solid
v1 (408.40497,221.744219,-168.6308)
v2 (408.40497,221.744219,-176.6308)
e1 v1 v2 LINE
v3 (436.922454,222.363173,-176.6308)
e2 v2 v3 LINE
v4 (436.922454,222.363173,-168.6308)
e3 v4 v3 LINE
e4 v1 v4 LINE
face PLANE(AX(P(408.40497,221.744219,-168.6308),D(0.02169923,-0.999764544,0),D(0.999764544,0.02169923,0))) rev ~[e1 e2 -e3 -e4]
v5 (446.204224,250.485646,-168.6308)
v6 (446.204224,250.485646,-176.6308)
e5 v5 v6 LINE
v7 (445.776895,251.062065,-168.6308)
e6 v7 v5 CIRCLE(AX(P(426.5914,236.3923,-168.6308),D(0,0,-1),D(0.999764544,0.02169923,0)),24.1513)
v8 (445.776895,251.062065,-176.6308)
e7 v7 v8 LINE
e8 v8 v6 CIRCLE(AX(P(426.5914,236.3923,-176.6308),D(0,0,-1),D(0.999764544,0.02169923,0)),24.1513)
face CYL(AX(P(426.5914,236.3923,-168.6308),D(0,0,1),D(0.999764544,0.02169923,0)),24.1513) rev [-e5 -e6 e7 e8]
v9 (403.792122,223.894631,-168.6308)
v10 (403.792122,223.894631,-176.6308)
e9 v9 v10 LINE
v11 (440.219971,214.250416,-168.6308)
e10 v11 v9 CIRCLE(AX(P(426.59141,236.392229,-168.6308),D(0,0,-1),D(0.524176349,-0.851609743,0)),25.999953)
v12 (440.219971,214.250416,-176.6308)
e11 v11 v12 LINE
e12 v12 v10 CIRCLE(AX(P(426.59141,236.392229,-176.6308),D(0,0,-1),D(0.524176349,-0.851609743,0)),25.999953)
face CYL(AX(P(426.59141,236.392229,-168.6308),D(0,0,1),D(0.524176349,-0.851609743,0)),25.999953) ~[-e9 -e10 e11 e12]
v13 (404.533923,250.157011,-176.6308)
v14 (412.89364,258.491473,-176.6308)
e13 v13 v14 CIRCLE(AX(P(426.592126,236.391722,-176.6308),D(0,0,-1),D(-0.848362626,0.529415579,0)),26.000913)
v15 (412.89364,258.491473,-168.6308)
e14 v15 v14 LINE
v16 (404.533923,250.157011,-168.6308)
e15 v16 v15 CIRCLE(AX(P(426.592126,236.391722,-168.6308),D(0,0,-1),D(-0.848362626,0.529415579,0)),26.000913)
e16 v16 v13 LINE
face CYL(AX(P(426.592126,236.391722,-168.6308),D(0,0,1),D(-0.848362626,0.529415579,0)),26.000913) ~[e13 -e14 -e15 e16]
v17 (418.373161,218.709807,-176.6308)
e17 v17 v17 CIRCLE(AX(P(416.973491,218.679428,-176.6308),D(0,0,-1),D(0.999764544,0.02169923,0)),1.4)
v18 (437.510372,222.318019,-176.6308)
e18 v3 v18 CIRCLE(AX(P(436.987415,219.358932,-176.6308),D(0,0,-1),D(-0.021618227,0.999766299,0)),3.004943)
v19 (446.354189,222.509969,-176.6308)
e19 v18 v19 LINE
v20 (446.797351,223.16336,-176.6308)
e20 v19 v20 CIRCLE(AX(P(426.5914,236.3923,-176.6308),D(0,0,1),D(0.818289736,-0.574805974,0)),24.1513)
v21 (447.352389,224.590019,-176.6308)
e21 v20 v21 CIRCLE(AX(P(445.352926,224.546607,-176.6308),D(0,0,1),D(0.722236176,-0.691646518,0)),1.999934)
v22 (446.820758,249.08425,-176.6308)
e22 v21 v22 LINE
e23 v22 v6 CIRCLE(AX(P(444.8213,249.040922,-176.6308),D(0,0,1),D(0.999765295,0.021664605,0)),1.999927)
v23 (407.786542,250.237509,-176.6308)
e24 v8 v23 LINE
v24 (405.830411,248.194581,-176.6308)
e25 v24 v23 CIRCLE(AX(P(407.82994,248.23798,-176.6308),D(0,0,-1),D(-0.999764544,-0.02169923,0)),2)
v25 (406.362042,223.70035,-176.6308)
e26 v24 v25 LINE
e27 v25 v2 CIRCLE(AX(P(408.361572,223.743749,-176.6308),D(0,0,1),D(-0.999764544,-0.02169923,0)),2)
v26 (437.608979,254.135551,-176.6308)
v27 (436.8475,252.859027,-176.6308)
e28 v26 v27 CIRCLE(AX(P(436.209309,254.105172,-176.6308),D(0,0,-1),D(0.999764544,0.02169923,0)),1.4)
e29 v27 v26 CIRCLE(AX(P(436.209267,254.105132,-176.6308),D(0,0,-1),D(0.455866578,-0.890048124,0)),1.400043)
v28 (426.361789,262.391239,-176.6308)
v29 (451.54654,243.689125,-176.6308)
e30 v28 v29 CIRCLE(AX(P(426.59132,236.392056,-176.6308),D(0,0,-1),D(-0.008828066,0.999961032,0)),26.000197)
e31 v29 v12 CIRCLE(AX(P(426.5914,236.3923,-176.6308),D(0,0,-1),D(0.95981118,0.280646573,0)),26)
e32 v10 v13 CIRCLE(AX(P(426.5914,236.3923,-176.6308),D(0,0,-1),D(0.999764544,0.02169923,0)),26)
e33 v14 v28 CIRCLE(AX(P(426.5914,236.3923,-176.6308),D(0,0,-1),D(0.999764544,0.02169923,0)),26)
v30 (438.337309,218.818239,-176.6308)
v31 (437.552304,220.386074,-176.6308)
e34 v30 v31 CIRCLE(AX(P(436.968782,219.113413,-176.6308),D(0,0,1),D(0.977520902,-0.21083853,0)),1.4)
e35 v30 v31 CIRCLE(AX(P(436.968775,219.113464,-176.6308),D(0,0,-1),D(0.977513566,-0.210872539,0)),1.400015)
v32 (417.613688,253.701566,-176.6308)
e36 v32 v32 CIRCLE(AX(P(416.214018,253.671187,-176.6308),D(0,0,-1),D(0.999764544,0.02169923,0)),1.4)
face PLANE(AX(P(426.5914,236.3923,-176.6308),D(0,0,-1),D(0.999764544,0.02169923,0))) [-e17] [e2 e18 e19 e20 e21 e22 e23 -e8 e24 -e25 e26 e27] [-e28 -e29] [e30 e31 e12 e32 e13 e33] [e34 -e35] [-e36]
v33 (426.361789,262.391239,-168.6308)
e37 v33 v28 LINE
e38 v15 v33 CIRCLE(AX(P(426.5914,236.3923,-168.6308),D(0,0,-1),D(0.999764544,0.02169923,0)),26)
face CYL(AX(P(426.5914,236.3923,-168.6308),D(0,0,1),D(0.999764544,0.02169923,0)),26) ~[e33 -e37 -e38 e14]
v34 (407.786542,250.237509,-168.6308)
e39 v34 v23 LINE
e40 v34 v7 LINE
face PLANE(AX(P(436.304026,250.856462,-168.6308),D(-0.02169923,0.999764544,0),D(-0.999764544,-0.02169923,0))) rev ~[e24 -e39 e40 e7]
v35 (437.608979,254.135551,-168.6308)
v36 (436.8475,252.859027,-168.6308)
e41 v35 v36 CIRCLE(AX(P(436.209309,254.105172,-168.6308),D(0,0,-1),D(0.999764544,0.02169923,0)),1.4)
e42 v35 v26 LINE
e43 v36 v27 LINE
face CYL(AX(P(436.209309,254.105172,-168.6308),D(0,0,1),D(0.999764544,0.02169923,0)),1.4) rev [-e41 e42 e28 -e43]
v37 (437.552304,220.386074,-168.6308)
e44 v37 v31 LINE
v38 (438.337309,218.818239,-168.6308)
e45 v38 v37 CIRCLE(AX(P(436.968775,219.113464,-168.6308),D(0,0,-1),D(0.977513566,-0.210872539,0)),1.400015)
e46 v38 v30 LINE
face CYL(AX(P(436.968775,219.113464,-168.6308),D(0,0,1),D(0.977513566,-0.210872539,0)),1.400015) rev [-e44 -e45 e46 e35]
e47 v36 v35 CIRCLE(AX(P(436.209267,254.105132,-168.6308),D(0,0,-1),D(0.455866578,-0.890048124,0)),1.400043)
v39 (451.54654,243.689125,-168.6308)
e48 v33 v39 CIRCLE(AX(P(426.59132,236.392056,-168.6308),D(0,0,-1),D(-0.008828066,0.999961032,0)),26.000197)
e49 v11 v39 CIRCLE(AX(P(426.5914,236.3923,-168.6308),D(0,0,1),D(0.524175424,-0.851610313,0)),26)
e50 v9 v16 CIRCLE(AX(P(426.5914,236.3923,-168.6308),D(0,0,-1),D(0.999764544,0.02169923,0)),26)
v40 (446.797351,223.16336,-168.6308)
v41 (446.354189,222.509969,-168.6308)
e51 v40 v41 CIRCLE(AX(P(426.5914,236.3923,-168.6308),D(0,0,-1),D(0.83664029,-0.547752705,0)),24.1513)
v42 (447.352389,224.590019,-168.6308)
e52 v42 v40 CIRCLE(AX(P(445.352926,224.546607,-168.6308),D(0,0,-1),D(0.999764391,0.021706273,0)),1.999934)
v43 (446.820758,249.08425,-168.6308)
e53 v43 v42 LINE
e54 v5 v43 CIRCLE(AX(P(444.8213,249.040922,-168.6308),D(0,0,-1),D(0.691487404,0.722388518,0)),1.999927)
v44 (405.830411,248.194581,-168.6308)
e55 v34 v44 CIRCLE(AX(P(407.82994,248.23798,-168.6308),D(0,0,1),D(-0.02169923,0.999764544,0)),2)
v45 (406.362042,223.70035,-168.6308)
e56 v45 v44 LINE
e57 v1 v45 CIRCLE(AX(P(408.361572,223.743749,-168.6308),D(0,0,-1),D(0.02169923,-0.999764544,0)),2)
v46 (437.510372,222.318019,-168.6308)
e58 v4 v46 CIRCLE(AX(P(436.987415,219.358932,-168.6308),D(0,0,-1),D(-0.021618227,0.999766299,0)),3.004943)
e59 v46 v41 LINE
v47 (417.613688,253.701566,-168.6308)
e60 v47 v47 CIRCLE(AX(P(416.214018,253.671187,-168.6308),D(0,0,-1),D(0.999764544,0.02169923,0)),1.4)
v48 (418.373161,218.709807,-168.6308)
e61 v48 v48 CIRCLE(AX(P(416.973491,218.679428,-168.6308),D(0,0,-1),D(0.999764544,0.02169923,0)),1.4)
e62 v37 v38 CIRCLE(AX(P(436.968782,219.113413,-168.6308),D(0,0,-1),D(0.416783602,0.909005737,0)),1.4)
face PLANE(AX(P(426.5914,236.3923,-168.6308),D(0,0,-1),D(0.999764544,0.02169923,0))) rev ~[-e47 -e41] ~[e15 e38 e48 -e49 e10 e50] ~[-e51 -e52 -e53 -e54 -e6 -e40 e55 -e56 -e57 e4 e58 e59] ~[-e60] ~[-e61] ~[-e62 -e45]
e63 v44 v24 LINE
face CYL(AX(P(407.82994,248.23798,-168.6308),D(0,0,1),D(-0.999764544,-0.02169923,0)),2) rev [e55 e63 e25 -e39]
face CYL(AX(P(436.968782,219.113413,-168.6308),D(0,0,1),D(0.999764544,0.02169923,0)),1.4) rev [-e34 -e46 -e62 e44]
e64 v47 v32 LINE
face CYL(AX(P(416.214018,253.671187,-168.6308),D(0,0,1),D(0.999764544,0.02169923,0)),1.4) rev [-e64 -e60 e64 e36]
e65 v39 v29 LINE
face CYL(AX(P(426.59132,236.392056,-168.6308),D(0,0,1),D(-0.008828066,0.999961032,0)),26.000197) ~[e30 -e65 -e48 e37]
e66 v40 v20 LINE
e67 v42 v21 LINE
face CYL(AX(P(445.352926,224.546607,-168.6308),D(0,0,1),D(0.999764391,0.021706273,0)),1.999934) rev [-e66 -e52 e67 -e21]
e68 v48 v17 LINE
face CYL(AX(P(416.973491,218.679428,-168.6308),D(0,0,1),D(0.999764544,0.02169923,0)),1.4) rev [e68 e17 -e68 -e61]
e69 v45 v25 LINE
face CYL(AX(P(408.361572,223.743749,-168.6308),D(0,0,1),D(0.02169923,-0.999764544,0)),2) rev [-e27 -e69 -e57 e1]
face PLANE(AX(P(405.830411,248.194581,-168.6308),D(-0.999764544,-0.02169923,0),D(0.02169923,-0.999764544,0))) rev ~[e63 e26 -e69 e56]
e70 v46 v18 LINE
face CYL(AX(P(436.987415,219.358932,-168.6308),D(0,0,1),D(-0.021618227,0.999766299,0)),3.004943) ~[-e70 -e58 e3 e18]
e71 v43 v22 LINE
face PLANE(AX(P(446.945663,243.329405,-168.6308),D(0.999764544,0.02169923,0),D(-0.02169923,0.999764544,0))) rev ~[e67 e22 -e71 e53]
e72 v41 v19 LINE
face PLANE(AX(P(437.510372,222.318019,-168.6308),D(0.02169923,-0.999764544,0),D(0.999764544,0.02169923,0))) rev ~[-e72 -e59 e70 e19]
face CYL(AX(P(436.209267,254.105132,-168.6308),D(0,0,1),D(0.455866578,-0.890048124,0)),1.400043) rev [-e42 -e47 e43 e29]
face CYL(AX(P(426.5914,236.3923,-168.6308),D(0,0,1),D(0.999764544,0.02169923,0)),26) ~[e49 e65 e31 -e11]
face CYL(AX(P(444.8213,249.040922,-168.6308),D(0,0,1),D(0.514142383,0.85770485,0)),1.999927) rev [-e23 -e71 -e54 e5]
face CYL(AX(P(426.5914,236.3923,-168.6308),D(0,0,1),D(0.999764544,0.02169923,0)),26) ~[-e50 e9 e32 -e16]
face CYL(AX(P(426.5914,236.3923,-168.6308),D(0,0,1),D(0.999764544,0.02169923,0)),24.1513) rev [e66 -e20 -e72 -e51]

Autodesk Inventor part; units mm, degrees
ref_plane "YZ Plane" through (0, 0, 0) normal (1, 0, 0) x (0, 1, 0)
ref_plane "XZ Plane" through (0, 0, 0) normal (0, 1, 0) x (-1, 0, 0)
ref_plane "XY Plane" through (0, 0, 0) normal (0, 0, 1) x (1, 0, 0)
ref_plane "Arbeitsebene1" through (426.5914, 236.3923, -168.6308) normal (0, 0, -1) x (0.9998, 0.0217, 0)
sketch "Skizze1" plane through (426.5914, 236.3923, -168.6308) normal (0, 0, -1) x (0.9998, 0.0217, 0)
  circle A0 centre (-10, -17.5) radius 1.4 projected
  arc A1 (-22.2323, -12) -> (-21.7536, -14.2401) centre (-19.0971, -12.5012) ccw projected
  arc A2 (-21.7536, -14.2401) -> (-13.215, -22.3912) centre (0, 0) ccw projected
  arc A3 (-13.215, -22.3912) -> (-8.8966, -21.32) centre (-11.6012, -19.6569) ccw projected
  arc A4 (-2.8797, -22.9216) -> (-8.8966, -21.32) centre (-6.1282, -23.0224) ccw projected
  arc A5 (-2.8797, -22.9216) -> (0.3346, -25.9978) centre (0.2937, -22.8231) ccw projected
  arc A6 (0.3346, -25.9978) -> (25.1076, -6.7536) centre (0, 0) ccw projected
  arc A7 (25.1076, -6.7536) -> (24.1419, -5.4938) centre (24.1419, -6.4938) ccw projected
  line L0 (24.1419, -5.4938) -> (21.5, -5.4938) projected
  arc A8 (21.5, -5.4938) -> (20.5, -6.4938) centre (21.5, -6.4938) ccw projected
  line L1 (20.5, -6.4938) -> (20.5, -12.25) projected
  arc A9 (19.5653, -13.9427) -> (20.5, -12.25) centre (18.5, -12.25) ccw projected
  arc A10 (19.5653, -13.9427) -> (18.3317, -15.4908) centre (21.1633, -16.4816) ccw projected
  arc A11 (15.5, -17.5) -> (18.3317, -15.4908) centre (15.5, -14.5) ccw projected
  line L2 (15.5, -17.5) -> (11.4, -17.5) projected
  arc A12 (10.611, -16.2403) -> (11.4, -17.5) centre (10, -17.5) ccw projected
  line L3 (10.611, -16.2403) -> (10.611, -14.3079) projected
  arc A13 (10.611, -14.3079) -> (10.0242, -14.25) centre (10.0242, -17.25) ccw projected
  line L4 (10.0242, -14.25) -> (-18.5, -14.25) projected
  arc A14 (-20.5, -12.25) -> (-18.5, -14.25) centre (-18.5, -12.25) ccw projected
  line L5 (-20.5, -12.25) -> (-20.5, -12) projected
  line L6 (-22.2323, -12) -> (-20.5, -12) projected
  arc A15 (14.1536, 17.8908) -> (13.1449, 22.4324) centre (11.5397, 19.693) ccw projected
  arc A16 (13.1449, 22.4324) -> (-23.0651, 12) centre (0, 0) ccw projected
  line L7 (-20.5, 12) -> (-23.0651, 12) projected
  line L8 (-20.5, 12) -> (-20.5, 12.25) projected
  arc A17 (-18.5, 14.25) -> (-20.5, 12.25) centre (-18.5, 12.25) ccw projected
  line L9 (-18.5, 14.25) -> (10.0242, 14.25) projected
  arc A18 (10.0242, 14.25) -> (10.611, 14.3079) centre (10.0242, 17.25) ccw projected
  line L10 (10.611, 14.3079) -> (10.611, 16.2403) projected
  arc A19 (11.3618, 17.8248) -> (10.611, 16.2403) centre (10, 17.5) ccw projected
  line L11 (11.3618, 17.8248) -> (14.1093, 17.8248) projected
  arc A20 (14.1536, 17.8908) -> (14.1093, 17.8248) centre (16.8293, 16.046) ccw projected
  circle A21 centre (-10, 17.5) radius 1.4 projected
  circle A22 centre (10, 17.5) radius 1.4
  circle A23 centre (10, -17.5) radius 1.4
  circle A24 centre (0, 0) radius 26
  circle A25 centre (0, 0) radius 24.1513
  line L12 (-20.5, -12) -> (-20.5, 12)
  arc A26 (23.033, 12.0616) -> (19.834, 13.7401) centre (20.2203, 10.5887) ccw projected
  arc A27 (20.5, 12.25) -> (19.834, 13.7401) centre (18.5, 12.25) ccw projected
  line L13 (20.5, 12.25) -> (20.5, 7.4938) projected
  arc A28 (20.5, 7.4938) -> (21.5, 6.4938) centre (21.5, 7.4938) ccw projected
  line L14 (21.5, 6.4938) -> (23.8504, 6.4938) projected
  arc A29 (23.8504, 6.4938) -> (24.8044, 7.7936) centre (23.8504, 7.4938) ccw projected
  arc A30 (24.8044, 7.7936) -> (23.033, 12.0616) centre (0, 0) ccw projected
  line L15 (20.5, -6.4938) -> (20.5, 7.4938)
  line L16 (10.611, 14.3079) -> (19.4569, 14.3079)
  line L17 (10.0242, -14.25) -> (19.4993, -14.25)
  point P0 (-431.6269, 227.0676)
  point P1 (14.6734, 19.1827)
  point P2 (19.9142, 13.6642)
  point P3 (19.9142, -13.6642)
  point P4 (18.1109, -15.9775)
  point P5 (13.1449, 22.4324)
  point P6 (-21.7536, -14.2401)
  point P7 (-13.215, -22.3912)
  point P8 (0.3346, -25.9978)
  point P9 (25.1076, -6.7536)
  point P10 (11.4, -17.5)
extrude "Extrusion1" add sketch "Skizze1" along normal blind 8 contours L6 A25 A14 A3 A2 A1 | A1 A24 L7 A25 L6 | A25 L7 L12 L6 | L6 L5 A14 A25 | A3 A25 A5 A24 | A16 A15 A25 A17 L7 | L17 A10 A11 A25 L2 A23 L3 A13 | A25 A17 L8 L7 | A25 A14 L4 A13 L3 A12 L2 A11 A5 A4 A3 | A3 A4 A5 A25 | A5 A25 A11 A9 L0 A7 A6 | A24 A26 A25 A15 | A7 L0 A25 L14 A29 A24 | A25 L16 L10 A22 L11 A20 A15 | A15 A20 L11 A19 L10 A18 L9 A17 A25 | A24 A29 L14 A25 A27 A26 | A25 A11 | A11 A10 L17 A25 | A25 A9 L1 A8 L0 | L0 A8 L15 A28 L14 A25 | L14 A28 L13 A27 A25
properties part number "Anglerfish_spacer8mm_bottom_v0"
